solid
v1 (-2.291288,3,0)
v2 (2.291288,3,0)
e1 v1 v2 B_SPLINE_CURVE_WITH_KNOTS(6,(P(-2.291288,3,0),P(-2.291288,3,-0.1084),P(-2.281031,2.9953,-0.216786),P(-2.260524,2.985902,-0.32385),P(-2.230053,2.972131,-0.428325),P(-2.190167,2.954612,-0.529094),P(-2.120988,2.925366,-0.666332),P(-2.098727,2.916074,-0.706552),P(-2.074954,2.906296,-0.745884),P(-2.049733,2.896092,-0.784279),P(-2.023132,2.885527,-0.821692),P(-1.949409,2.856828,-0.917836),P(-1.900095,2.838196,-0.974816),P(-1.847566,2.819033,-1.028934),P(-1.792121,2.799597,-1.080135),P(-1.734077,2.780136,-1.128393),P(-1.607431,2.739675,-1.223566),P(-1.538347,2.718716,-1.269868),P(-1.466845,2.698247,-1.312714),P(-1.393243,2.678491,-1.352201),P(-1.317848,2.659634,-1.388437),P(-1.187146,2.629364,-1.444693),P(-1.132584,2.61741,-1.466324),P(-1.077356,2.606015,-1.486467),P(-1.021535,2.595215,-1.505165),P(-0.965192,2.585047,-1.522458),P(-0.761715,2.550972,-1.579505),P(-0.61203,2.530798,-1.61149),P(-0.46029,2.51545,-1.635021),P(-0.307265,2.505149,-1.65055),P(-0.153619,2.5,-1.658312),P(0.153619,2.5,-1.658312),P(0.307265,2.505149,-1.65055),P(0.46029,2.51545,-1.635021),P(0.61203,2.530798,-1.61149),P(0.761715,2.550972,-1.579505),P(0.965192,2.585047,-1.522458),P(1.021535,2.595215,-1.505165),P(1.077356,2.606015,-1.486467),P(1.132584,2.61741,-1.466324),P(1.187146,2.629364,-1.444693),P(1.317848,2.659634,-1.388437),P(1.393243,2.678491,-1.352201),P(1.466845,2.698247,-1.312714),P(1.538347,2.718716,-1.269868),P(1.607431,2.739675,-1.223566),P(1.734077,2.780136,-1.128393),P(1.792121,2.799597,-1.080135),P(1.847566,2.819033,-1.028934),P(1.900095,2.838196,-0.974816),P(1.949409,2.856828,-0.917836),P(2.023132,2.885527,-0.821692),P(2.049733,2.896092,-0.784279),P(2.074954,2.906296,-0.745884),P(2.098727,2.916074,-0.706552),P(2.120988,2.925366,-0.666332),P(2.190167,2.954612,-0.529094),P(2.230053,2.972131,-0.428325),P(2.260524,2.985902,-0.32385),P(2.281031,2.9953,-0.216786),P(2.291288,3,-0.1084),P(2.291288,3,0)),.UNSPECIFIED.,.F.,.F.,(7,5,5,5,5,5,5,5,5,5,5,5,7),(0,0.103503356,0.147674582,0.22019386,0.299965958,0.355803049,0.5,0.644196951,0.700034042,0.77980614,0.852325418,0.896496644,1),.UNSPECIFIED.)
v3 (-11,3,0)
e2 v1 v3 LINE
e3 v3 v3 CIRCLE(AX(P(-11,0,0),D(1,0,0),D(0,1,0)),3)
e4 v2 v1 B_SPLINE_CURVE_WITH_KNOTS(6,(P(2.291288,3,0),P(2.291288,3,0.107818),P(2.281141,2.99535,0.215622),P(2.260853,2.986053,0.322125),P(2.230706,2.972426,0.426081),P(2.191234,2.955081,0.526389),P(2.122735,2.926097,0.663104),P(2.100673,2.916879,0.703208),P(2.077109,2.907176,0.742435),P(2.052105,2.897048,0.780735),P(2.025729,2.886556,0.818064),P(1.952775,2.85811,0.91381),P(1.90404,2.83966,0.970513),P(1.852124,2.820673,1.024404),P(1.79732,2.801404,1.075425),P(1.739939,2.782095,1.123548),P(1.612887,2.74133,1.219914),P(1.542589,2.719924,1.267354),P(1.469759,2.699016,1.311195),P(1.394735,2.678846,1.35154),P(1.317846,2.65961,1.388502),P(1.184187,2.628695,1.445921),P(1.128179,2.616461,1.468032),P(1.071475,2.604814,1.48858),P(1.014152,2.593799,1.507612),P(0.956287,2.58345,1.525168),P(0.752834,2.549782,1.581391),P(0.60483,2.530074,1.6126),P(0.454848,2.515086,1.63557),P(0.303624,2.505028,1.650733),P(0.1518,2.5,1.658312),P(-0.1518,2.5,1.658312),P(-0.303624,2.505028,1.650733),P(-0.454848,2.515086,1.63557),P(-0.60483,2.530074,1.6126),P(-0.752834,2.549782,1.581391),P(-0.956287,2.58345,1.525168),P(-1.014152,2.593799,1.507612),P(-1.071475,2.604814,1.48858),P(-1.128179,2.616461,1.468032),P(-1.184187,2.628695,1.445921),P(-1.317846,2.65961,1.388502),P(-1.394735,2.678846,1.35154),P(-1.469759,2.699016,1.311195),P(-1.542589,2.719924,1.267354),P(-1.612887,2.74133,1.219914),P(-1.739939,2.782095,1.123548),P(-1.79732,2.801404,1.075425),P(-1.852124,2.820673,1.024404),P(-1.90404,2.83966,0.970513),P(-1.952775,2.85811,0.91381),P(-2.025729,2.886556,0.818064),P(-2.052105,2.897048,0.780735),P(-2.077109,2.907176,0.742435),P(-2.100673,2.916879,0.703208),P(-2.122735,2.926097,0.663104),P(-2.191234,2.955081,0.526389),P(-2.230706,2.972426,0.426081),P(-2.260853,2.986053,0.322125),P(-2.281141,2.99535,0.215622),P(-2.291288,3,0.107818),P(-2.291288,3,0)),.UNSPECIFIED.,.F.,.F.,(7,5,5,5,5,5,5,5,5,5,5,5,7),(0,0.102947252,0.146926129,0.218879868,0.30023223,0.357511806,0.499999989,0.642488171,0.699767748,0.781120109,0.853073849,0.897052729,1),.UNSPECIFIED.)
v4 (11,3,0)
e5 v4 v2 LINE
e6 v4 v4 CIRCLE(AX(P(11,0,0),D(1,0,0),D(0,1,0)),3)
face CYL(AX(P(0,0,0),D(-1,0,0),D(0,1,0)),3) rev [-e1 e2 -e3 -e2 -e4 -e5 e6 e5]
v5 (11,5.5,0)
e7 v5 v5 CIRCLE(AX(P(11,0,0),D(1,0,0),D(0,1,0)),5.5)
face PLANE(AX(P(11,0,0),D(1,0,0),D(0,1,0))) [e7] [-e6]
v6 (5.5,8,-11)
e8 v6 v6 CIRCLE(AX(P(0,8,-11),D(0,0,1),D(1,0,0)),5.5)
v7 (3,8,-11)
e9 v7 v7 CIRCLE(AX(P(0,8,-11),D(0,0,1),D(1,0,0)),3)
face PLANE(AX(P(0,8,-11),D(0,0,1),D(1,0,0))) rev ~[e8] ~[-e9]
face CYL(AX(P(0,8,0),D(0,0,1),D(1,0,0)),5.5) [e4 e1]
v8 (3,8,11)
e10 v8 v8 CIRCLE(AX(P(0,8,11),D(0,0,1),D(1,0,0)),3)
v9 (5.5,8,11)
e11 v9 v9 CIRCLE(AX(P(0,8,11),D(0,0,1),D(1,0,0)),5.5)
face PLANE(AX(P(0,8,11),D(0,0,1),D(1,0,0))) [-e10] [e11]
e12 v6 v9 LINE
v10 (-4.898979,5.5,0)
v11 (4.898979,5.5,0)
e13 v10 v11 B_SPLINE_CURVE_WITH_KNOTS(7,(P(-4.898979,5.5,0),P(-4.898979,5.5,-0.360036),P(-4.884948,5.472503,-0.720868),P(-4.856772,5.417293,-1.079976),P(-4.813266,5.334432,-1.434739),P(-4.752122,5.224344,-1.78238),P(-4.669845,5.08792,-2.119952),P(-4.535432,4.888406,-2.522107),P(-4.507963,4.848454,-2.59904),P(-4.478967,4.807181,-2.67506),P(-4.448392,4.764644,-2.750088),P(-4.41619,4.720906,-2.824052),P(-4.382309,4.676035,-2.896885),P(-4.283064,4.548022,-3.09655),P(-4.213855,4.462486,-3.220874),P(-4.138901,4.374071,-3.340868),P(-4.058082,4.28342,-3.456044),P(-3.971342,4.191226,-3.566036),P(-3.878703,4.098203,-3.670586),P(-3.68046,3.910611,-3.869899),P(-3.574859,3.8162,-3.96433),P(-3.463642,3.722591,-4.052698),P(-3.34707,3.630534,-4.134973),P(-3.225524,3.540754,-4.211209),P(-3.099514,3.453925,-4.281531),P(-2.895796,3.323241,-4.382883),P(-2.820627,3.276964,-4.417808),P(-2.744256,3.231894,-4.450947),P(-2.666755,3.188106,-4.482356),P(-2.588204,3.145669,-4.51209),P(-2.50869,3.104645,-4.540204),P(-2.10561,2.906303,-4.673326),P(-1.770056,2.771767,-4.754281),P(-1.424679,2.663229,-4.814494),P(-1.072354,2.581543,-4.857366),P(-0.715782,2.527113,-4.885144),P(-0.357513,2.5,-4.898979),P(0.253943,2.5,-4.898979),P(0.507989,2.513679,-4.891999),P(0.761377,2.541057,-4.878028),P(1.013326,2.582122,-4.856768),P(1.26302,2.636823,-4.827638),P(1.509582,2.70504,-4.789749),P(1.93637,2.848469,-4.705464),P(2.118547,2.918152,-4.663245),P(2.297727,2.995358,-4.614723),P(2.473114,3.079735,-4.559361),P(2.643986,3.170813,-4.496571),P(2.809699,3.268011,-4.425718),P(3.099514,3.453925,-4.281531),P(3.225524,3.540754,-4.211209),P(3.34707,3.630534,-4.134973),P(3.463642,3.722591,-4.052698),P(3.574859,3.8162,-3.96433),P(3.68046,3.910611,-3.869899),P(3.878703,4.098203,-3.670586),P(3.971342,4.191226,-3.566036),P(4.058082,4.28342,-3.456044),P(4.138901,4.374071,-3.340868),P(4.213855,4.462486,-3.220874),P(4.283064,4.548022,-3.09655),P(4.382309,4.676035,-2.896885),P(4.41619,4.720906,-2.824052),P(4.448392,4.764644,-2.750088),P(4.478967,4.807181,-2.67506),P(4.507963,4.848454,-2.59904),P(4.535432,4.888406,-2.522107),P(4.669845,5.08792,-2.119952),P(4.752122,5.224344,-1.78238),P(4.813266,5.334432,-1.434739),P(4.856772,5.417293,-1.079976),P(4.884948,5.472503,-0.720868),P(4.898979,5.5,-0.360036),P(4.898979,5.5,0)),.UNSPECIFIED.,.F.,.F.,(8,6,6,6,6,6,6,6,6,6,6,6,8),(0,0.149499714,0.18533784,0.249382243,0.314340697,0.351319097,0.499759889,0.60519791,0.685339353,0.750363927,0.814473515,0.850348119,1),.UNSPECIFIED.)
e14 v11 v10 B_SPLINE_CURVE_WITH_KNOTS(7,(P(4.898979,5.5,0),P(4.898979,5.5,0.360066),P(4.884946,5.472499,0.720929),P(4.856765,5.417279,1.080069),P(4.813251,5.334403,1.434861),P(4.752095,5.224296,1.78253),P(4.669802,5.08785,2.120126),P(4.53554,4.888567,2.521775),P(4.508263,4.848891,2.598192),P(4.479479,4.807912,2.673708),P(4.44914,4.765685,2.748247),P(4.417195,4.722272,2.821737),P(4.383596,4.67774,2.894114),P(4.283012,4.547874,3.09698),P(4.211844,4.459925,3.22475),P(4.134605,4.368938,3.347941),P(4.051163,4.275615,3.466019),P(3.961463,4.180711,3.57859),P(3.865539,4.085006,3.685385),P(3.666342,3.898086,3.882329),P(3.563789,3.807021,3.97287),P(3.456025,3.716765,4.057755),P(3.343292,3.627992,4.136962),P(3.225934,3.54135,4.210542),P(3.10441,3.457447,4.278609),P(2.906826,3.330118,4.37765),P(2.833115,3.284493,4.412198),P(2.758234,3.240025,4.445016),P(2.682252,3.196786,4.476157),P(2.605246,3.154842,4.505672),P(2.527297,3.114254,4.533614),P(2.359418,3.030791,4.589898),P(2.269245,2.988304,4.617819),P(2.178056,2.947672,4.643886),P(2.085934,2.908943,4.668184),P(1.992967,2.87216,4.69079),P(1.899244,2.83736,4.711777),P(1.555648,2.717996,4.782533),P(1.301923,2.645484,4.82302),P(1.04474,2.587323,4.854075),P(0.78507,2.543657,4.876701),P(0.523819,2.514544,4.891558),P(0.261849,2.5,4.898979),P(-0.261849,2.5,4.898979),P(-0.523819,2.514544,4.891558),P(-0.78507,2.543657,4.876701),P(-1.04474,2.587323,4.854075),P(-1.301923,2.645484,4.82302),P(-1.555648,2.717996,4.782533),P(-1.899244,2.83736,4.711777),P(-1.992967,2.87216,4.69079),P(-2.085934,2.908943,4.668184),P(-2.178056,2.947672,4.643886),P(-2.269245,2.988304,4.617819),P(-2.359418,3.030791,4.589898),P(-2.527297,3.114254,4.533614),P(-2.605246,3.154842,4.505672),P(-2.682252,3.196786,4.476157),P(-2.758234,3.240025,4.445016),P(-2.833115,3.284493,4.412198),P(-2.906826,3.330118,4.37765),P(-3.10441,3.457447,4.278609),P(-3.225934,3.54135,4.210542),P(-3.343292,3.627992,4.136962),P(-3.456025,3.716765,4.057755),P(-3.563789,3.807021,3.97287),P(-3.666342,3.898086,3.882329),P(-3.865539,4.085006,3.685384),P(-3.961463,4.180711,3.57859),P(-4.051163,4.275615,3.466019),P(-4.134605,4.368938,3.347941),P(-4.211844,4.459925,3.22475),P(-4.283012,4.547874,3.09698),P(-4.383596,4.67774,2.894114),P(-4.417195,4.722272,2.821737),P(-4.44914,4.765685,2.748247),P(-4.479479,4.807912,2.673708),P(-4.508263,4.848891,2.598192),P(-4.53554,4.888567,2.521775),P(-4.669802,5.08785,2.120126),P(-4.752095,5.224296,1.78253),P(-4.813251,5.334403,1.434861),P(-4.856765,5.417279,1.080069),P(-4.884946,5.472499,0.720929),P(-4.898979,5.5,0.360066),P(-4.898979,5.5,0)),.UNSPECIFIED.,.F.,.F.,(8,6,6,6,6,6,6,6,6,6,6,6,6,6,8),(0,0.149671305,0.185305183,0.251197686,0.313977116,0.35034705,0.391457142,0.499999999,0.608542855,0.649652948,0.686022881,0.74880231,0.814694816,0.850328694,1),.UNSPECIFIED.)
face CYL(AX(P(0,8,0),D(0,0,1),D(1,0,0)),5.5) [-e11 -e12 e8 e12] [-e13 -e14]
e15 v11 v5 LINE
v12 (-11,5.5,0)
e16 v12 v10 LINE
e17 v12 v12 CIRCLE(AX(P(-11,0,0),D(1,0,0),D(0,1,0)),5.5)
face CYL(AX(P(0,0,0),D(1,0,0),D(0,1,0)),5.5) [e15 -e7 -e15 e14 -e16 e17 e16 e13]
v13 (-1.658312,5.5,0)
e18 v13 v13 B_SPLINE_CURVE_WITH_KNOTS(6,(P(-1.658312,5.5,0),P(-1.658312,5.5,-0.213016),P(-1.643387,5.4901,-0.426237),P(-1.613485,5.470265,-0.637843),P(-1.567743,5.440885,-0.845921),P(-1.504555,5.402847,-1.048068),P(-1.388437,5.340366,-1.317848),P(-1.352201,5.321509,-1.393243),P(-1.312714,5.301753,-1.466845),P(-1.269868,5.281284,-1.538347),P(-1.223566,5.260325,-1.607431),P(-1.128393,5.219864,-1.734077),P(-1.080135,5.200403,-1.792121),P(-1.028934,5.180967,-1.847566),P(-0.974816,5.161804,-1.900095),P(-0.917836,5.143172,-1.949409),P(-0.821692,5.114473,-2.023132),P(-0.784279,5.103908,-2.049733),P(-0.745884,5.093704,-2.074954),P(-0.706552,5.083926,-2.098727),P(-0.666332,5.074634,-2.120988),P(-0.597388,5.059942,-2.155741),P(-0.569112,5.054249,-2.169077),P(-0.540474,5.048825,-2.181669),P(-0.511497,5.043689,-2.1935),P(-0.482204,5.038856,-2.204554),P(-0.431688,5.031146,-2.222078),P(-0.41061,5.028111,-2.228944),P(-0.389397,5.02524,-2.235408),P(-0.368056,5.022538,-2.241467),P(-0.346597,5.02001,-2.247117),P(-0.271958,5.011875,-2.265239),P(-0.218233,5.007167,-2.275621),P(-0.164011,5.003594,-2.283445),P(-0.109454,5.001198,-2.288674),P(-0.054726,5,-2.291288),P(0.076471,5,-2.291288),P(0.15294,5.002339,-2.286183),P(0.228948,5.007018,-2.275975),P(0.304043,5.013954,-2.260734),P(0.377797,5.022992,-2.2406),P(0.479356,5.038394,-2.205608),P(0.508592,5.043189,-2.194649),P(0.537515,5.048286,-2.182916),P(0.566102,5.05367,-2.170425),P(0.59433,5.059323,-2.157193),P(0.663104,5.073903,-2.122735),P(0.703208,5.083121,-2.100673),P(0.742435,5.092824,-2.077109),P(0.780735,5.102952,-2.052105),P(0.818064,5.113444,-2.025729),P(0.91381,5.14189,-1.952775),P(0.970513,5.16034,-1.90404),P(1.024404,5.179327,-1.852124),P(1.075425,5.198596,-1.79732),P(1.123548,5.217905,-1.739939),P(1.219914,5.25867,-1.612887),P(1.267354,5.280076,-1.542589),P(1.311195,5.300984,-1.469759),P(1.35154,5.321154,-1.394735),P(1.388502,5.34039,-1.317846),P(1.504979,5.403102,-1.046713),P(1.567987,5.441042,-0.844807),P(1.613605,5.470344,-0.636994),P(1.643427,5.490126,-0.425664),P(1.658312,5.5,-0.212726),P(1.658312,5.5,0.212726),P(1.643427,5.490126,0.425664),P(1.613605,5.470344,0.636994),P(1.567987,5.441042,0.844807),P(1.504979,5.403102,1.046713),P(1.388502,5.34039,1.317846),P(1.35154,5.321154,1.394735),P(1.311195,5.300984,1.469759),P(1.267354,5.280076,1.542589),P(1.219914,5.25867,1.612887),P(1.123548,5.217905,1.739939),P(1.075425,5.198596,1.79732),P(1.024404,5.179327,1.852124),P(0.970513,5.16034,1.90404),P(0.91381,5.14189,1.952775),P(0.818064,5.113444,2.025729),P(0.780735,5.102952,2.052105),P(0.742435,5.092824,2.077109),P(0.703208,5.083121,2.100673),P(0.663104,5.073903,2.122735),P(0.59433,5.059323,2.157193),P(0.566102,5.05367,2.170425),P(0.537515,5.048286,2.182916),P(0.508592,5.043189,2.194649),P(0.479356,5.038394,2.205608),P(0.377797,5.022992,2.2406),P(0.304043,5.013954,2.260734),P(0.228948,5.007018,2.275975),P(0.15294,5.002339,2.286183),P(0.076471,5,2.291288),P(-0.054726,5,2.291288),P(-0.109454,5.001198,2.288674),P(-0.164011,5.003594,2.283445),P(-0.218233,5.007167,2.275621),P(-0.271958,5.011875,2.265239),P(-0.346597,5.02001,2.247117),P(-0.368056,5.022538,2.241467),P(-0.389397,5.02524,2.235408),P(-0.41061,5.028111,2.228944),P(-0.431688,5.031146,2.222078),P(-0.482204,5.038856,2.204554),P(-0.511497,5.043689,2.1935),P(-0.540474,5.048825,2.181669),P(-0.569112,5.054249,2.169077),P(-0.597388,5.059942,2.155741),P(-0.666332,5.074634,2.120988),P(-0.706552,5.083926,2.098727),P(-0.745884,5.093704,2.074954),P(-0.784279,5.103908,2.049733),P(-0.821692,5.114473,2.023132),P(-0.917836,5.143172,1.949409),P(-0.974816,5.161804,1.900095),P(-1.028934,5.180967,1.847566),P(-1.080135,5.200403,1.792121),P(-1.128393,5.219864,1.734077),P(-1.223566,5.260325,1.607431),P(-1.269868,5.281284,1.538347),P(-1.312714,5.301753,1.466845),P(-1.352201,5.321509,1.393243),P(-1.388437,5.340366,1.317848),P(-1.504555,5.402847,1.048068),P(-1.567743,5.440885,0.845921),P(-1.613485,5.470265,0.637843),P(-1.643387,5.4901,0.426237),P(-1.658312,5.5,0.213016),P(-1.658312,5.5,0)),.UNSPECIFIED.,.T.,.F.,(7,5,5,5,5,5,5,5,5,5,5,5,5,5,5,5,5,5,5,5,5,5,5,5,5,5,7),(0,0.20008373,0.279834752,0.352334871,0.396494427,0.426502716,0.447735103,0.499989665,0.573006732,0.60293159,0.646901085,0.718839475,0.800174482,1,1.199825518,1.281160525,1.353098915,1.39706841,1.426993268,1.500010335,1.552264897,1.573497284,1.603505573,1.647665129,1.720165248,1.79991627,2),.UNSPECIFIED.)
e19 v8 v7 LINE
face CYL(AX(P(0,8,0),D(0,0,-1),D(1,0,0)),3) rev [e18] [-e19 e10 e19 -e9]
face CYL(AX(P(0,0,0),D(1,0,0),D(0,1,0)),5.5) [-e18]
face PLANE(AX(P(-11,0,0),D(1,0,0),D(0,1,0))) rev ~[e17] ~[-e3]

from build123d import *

# Parameters (mm, degrees)
F0_R     = 5.5
F0_R_2   = 3
F1_DEPTH = 11
F2_R     = 5.5
F2_R_2   = 3
F3_DEPTH = 11


with BuildPart() as f1:
    # F0 (on Right) → F1 (new body, symmetric)
    with BuildSketch(Plane.YZ):
        Circle(F0_R)
        Circle(F0_R_2, mode=Mode.SUBTRACT)
    extrude(amount=F1_DEPTH, both=True)

    # F2 (on Top) → F3 (join, symmetric)
    with BuildSketch(Plane.XY):
        with Locations((0, 8)):
            Circle(F2_R)
        with Locations((0, 8)):
            Circle(F2_R_2, mode=Mode.SUBTRACT)
    extrude(amount=F3_DEPTH, both=True)


solid = f1.part
